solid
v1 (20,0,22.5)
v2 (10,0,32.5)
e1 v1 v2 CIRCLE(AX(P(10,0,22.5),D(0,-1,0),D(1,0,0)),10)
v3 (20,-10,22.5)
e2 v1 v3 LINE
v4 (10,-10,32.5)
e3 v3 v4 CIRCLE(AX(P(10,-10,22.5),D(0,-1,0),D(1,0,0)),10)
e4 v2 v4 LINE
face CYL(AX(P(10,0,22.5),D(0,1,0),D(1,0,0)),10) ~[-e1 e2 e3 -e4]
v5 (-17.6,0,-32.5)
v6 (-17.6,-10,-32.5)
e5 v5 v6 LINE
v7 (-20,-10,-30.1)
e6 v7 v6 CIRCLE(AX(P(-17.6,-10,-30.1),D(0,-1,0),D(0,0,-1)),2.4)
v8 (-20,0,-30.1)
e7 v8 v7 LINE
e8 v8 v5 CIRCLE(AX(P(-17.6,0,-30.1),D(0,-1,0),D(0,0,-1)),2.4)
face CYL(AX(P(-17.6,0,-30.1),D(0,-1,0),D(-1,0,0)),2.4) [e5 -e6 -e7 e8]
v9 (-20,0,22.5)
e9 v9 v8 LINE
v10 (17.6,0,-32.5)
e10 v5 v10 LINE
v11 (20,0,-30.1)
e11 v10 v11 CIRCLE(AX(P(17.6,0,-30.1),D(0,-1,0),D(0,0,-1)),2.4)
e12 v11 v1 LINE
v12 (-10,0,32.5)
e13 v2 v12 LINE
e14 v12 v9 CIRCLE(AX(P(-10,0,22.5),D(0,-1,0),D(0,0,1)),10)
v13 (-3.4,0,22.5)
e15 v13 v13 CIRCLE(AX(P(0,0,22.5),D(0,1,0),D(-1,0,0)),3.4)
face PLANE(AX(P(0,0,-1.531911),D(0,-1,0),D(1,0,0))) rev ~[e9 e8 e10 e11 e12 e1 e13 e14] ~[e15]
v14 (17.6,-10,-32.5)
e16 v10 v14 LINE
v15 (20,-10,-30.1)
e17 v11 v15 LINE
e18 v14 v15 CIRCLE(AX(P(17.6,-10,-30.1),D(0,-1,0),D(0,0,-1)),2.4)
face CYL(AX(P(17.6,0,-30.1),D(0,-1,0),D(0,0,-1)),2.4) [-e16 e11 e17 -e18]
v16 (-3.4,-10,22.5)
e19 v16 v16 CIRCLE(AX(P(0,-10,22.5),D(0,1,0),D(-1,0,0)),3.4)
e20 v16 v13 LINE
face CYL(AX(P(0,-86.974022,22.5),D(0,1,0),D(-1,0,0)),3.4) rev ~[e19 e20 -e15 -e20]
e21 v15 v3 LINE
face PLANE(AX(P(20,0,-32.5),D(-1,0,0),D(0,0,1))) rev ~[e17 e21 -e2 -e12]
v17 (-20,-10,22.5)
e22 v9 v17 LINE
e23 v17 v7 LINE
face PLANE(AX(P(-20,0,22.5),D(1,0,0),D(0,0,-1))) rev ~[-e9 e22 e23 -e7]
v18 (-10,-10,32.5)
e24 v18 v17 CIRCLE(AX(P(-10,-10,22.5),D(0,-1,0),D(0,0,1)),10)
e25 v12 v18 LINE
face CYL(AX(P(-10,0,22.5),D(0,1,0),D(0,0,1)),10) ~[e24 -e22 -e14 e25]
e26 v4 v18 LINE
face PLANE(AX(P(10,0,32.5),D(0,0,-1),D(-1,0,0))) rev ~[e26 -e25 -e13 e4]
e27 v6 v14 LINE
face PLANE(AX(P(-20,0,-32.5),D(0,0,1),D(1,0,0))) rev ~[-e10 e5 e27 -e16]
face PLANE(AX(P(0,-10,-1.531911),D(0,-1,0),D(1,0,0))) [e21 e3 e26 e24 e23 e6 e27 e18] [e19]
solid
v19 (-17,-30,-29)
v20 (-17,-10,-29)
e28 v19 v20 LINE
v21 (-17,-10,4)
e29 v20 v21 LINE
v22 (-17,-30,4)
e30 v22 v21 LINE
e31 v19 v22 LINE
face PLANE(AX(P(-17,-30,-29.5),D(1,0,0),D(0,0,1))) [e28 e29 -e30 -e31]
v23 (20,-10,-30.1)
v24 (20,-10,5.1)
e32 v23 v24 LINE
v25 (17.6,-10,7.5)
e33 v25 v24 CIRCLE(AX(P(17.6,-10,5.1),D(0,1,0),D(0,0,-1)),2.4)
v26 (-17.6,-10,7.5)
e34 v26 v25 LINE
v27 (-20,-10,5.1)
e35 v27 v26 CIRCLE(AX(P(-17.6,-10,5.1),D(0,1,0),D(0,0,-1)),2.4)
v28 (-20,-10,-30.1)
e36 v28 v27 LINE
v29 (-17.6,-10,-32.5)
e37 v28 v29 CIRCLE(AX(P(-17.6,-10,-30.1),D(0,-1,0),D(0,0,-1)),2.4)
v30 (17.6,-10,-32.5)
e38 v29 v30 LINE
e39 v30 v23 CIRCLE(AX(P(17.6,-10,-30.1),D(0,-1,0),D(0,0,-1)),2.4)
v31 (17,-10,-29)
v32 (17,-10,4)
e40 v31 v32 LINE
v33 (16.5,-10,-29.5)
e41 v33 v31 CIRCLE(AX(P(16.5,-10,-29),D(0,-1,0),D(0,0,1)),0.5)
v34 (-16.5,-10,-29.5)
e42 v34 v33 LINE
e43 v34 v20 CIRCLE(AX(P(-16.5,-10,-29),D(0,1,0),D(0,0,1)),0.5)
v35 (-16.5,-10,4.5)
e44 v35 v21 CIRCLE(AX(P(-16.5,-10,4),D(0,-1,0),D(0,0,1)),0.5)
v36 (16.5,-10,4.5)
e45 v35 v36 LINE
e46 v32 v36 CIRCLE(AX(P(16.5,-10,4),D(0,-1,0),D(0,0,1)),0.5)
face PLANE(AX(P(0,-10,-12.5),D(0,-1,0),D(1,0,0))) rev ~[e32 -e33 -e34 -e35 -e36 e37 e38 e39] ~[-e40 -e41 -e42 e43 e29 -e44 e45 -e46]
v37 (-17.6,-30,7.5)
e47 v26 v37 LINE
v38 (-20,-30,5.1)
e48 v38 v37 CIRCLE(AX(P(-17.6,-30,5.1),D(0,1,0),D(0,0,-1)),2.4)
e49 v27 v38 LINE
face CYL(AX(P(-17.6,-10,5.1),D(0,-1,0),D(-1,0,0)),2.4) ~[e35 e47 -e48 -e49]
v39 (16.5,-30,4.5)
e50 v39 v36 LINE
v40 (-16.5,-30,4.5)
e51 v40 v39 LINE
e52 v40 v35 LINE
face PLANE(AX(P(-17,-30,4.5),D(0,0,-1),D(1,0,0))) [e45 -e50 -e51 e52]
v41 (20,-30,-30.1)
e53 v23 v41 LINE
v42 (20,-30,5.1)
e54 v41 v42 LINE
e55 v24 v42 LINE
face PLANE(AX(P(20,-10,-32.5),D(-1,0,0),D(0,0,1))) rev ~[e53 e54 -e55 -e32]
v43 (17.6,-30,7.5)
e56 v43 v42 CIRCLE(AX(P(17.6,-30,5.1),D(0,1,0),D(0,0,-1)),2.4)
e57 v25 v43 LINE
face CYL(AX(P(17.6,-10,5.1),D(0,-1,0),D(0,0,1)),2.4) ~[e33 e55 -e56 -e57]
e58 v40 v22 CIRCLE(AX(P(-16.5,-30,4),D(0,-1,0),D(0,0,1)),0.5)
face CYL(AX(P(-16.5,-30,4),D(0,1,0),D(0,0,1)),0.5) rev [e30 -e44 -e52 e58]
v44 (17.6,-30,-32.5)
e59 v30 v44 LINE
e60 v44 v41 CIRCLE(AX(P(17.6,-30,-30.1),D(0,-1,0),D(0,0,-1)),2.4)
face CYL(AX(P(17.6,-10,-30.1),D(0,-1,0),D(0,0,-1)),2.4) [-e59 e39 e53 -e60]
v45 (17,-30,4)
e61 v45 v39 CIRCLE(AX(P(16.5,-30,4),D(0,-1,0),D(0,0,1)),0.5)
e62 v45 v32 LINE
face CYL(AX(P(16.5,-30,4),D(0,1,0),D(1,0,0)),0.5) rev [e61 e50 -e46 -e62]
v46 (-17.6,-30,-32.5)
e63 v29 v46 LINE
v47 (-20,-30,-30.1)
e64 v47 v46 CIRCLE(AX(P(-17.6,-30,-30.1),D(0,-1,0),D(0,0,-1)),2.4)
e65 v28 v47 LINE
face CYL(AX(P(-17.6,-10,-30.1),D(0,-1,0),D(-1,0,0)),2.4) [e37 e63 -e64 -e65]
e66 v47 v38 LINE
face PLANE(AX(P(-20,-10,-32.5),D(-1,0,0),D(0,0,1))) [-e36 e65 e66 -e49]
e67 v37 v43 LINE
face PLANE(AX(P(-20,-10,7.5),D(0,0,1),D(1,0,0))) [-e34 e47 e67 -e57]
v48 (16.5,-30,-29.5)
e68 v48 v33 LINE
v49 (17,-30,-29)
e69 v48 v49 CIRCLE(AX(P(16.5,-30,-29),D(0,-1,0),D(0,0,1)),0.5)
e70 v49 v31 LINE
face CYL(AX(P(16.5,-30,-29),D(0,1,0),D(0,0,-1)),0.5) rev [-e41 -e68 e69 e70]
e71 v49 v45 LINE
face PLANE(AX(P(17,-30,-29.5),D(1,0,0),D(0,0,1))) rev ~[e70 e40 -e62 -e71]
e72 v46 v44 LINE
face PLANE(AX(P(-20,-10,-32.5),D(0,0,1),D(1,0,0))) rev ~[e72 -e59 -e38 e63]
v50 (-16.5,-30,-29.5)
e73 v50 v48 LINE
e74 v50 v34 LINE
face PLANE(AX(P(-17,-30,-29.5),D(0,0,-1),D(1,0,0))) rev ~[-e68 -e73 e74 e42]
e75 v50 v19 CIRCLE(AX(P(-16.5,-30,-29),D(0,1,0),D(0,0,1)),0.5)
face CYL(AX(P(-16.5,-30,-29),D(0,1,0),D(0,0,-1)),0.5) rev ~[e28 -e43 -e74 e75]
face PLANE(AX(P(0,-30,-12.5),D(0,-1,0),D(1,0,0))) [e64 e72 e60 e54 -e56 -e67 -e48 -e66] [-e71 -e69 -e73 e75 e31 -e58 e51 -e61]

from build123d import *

# Parameters (mm, degrees)
F1_DEPTH = 10
F2_W     = 40
F2_H     = 40
F3_DEPTH = 20
F4_W     = 34
F4_H     = 34
F5_DEPTH = 20
F6_R     = 2.4
F7_R     = 0.5
F8_R     = 2.4
F10_D    = 6.8


with BuildPart() as f1:
    # F0 (on Front) → F1 (new body)
    with BuildSketch(Plane.XZ):
        with BuildLine():
            Line((10, 32.5), (-10, 32.5))
            ThreePointArc((-10, 32.5), (-17.0710678119, 29.5710678119), (-20, 22.5))
            Line((-20, 22.5), (-20, -32.5))
            Line((-20, -32.5), (20, -32.5))
            Line((20, -32.5), (20, 22.5))
            ThreePointArc((20, 22.5), (17.0710678119, 29.5710678119), (10, 32.5))
        make_face()
    extrude(amount=F1_DEPTH)

    # F8
    f8_edges = [f1.edges().sort_by_distance(p)[0] for p in [
        (-20, -5, -32.5),
        (20, -5, -32.5),
    ]]
    fillet(f8_edges, radius=F8_R)

    # F10 (through all)
    with Locations(Plane.XZ.offset(10)):
        with Locations((0, 22.5)):
            Hole(F10_D / 2)


with BuildPart() as f3:
    # F2 (on face) → F3 (new body)
    with BuildSketch(Plane.XZ.offset(10)):
        with Locations((0, -12.5)):
            Rectangle(F2_W, F2_H)
    extrude(amount=F3_DEPTH)

    # F4 (on face) → F5 (cut, through all)
    with BuildSketch(Plane.XZ.offset(30)):
        with Locations((0, -12.5)):
            Rectangle(F4_W, F4_H)
    extrude(amount=-F5_DEPTH, mode=Mode.SUBTRACT)

    # F6
    f6_edges = [f3.edges().sort_by_distance(p)[0] for p in [
        (-20, -20, 7.5),
        (20, -20, 7.5),
        (-20, -20, -32.5),
        (20, -20, -32.5),
    ]]
    fillet(f6_edges, radius=F6_R)

    # F7
    f7_edges = [f3.edges().sort_by_distance(p)[0] for p in [
        (-17, -20, -29.5),
        (-17, -20, 4.5),
        (17, -20, 4.5),
        (17, -20, -29.5),
    ]]
    fillet(f7_edges, radius=F7_R)


solid = Compound([f1.part, f3.part])
